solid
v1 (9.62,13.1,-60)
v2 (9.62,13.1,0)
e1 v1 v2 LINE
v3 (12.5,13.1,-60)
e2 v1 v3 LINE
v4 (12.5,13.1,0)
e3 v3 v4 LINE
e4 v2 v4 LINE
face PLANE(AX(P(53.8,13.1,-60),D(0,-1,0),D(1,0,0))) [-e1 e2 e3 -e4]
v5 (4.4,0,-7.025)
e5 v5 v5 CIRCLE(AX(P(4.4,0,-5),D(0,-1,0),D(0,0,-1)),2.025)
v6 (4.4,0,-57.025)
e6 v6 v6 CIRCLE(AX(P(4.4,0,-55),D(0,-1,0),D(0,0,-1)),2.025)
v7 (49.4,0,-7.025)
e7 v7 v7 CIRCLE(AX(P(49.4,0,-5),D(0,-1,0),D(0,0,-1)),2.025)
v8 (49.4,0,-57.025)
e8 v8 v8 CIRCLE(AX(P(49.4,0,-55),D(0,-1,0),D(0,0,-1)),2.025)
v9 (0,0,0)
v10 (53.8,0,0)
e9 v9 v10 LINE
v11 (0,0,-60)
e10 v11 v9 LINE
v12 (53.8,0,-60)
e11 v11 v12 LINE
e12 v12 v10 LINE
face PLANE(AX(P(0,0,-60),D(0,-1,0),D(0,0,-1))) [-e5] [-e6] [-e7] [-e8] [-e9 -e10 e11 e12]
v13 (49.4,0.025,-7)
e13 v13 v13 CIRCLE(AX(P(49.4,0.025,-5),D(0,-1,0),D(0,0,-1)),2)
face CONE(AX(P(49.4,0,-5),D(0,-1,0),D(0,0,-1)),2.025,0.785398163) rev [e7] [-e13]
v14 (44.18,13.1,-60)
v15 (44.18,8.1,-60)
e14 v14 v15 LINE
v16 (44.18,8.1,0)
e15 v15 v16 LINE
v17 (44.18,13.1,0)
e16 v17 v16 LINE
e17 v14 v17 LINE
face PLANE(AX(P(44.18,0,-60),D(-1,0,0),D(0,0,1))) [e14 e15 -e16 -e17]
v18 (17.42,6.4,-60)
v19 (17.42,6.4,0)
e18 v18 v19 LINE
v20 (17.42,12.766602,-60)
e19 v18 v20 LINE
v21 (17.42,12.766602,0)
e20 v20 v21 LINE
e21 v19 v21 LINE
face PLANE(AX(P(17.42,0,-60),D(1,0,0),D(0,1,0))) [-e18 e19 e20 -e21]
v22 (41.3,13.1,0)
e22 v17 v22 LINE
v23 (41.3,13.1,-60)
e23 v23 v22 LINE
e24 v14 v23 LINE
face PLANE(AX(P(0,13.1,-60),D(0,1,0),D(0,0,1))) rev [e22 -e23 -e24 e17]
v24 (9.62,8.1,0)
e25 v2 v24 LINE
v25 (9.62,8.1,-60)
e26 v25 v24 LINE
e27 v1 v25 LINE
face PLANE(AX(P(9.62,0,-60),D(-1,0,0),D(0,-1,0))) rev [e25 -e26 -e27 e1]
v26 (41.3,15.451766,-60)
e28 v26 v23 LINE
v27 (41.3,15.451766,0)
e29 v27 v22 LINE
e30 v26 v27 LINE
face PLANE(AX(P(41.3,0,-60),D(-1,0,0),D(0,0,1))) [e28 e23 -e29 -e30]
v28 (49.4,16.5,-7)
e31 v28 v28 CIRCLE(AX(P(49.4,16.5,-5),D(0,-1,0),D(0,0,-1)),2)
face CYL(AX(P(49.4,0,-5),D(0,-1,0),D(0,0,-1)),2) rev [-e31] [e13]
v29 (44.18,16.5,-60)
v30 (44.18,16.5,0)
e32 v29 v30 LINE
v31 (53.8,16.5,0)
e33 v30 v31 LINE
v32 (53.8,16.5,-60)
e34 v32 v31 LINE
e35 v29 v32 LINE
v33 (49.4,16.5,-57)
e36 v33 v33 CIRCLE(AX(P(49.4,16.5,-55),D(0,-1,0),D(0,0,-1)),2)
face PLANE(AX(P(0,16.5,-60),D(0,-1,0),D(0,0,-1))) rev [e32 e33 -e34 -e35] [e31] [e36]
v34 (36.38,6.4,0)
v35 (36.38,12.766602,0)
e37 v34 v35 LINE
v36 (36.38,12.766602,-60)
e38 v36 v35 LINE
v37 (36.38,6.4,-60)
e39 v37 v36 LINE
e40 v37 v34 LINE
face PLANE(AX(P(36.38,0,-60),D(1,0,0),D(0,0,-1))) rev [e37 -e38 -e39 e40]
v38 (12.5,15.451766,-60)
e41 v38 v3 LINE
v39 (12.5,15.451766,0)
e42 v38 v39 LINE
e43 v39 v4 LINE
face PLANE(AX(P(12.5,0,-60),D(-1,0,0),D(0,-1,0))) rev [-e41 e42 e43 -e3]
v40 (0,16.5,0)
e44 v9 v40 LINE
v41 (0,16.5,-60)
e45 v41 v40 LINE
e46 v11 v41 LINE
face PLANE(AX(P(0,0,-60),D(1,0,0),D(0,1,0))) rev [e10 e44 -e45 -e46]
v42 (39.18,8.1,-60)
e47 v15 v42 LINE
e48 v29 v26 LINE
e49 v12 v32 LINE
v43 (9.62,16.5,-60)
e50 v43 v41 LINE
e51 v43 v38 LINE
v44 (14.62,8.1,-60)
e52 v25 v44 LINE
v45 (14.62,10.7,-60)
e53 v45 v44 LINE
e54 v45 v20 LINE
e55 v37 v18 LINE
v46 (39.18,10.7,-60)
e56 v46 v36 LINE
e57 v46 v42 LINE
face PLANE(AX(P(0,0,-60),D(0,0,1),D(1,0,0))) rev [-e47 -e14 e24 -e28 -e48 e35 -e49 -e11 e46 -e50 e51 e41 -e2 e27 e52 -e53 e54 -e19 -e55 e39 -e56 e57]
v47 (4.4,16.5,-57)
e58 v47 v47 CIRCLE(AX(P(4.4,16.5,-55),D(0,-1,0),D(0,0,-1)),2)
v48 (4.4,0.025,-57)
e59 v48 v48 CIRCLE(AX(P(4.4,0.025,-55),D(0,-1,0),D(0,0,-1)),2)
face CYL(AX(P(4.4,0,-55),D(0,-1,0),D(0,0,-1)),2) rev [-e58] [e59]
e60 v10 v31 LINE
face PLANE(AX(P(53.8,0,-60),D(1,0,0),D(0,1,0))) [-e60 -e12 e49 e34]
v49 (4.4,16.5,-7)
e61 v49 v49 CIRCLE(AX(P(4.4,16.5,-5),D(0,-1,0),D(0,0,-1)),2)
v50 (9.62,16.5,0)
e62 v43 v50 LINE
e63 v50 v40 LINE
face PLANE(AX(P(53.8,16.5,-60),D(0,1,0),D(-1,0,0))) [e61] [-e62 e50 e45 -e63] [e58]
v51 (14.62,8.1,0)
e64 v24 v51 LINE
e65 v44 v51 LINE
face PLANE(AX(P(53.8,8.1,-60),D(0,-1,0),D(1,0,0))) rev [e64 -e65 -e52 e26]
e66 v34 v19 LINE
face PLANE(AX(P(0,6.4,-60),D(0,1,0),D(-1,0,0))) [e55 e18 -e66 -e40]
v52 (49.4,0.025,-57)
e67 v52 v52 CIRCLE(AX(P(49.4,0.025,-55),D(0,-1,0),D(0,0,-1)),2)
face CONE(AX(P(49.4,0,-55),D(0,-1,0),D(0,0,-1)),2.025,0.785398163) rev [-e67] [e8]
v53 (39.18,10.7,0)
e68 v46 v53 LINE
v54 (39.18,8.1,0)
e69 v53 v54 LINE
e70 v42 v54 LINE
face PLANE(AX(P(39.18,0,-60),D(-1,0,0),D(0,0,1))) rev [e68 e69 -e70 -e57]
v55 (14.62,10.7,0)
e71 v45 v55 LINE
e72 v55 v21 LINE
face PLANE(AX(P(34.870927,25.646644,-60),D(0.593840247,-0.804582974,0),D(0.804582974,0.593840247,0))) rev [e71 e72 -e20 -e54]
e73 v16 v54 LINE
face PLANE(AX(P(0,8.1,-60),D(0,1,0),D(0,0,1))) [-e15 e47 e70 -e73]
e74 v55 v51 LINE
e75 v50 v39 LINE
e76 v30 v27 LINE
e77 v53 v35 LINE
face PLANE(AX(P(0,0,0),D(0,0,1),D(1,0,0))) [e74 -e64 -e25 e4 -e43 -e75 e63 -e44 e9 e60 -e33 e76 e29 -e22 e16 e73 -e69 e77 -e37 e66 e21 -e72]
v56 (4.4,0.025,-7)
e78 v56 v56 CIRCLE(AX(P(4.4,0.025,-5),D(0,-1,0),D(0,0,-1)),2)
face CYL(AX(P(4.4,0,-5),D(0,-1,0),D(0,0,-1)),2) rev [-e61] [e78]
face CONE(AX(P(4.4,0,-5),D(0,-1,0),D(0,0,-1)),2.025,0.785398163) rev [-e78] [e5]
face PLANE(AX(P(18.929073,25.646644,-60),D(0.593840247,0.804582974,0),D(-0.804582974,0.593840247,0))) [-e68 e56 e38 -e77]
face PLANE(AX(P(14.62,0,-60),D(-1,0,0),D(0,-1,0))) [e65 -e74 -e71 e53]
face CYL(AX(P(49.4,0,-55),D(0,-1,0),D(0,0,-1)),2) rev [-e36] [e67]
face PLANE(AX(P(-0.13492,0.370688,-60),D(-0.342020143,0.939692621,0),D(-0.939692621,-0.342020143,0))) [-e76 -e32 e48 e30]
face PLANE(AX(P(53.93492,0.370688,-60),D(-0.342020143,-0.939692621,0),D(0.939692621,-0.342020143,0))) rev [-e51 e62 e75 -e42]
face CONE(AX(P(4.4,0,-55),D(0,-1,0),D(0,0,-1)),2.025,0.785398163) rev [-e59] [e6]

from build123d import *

# Parameters (mm, degrees)
BOSS_EXTRUDE1_DEPTH             = 60
F_4_0MM_DOWEL_HOLE1_D           = 4
F_4_0MM_DOWEL_HOLE1_CSINK_D     = 4.05
F_4_0MM_DOWEL_HOLE1_CSINK_ANGLE = 90


with BuildPart() as part:
    # Sketch2 → Boss-Extrude1 (new body)
    with BuildSketch(Plane.XY):
        Polygon((36.38, 6.4), (26.9, 6.4), (26.9, 0), (53.8, 0), (53.8, 16.5), (44.18, 16.5), (41.3, 15.451765725), (41.3, 13.1), (44.18, 13.1), (44.18, 8.1), (39.18, 8.1), (39.18, 10.7), (36.38, 12.766601886), align=None)
    boss_extrude1 = extrude(amount=-BOSS_EXTRUDE1_DEPTH)

    # Mirror1: Boss-Extrude1 across plane
    add(boss_extrude1.mirror(Plane(origin=(26.9, 0, -60), x_dir=(0, 0, 1), z_dir=(1, 0, 0))))

    # Ø4.0mm Dowel Hole1 (through all)
    with Locations(Plane(origin=(0, 0, 0), x_dir=(-1, 0, 0), z_dir=(0, -1, 0))):
        with Locations((-49.4, 55), (-4.4, 55), (-4.4, 5), (-49.4, 5)):
            CounterSinkHole(F_4_0MM_DOWEL_HOLE1_D / 2, F_4_0MM_DOWEL_HOLE1_CSINK_D / 2, counter_sink_angle=F_4_0MM_DOWEL_HOLE1_CSINK_ANGLE)


solid = part.part
